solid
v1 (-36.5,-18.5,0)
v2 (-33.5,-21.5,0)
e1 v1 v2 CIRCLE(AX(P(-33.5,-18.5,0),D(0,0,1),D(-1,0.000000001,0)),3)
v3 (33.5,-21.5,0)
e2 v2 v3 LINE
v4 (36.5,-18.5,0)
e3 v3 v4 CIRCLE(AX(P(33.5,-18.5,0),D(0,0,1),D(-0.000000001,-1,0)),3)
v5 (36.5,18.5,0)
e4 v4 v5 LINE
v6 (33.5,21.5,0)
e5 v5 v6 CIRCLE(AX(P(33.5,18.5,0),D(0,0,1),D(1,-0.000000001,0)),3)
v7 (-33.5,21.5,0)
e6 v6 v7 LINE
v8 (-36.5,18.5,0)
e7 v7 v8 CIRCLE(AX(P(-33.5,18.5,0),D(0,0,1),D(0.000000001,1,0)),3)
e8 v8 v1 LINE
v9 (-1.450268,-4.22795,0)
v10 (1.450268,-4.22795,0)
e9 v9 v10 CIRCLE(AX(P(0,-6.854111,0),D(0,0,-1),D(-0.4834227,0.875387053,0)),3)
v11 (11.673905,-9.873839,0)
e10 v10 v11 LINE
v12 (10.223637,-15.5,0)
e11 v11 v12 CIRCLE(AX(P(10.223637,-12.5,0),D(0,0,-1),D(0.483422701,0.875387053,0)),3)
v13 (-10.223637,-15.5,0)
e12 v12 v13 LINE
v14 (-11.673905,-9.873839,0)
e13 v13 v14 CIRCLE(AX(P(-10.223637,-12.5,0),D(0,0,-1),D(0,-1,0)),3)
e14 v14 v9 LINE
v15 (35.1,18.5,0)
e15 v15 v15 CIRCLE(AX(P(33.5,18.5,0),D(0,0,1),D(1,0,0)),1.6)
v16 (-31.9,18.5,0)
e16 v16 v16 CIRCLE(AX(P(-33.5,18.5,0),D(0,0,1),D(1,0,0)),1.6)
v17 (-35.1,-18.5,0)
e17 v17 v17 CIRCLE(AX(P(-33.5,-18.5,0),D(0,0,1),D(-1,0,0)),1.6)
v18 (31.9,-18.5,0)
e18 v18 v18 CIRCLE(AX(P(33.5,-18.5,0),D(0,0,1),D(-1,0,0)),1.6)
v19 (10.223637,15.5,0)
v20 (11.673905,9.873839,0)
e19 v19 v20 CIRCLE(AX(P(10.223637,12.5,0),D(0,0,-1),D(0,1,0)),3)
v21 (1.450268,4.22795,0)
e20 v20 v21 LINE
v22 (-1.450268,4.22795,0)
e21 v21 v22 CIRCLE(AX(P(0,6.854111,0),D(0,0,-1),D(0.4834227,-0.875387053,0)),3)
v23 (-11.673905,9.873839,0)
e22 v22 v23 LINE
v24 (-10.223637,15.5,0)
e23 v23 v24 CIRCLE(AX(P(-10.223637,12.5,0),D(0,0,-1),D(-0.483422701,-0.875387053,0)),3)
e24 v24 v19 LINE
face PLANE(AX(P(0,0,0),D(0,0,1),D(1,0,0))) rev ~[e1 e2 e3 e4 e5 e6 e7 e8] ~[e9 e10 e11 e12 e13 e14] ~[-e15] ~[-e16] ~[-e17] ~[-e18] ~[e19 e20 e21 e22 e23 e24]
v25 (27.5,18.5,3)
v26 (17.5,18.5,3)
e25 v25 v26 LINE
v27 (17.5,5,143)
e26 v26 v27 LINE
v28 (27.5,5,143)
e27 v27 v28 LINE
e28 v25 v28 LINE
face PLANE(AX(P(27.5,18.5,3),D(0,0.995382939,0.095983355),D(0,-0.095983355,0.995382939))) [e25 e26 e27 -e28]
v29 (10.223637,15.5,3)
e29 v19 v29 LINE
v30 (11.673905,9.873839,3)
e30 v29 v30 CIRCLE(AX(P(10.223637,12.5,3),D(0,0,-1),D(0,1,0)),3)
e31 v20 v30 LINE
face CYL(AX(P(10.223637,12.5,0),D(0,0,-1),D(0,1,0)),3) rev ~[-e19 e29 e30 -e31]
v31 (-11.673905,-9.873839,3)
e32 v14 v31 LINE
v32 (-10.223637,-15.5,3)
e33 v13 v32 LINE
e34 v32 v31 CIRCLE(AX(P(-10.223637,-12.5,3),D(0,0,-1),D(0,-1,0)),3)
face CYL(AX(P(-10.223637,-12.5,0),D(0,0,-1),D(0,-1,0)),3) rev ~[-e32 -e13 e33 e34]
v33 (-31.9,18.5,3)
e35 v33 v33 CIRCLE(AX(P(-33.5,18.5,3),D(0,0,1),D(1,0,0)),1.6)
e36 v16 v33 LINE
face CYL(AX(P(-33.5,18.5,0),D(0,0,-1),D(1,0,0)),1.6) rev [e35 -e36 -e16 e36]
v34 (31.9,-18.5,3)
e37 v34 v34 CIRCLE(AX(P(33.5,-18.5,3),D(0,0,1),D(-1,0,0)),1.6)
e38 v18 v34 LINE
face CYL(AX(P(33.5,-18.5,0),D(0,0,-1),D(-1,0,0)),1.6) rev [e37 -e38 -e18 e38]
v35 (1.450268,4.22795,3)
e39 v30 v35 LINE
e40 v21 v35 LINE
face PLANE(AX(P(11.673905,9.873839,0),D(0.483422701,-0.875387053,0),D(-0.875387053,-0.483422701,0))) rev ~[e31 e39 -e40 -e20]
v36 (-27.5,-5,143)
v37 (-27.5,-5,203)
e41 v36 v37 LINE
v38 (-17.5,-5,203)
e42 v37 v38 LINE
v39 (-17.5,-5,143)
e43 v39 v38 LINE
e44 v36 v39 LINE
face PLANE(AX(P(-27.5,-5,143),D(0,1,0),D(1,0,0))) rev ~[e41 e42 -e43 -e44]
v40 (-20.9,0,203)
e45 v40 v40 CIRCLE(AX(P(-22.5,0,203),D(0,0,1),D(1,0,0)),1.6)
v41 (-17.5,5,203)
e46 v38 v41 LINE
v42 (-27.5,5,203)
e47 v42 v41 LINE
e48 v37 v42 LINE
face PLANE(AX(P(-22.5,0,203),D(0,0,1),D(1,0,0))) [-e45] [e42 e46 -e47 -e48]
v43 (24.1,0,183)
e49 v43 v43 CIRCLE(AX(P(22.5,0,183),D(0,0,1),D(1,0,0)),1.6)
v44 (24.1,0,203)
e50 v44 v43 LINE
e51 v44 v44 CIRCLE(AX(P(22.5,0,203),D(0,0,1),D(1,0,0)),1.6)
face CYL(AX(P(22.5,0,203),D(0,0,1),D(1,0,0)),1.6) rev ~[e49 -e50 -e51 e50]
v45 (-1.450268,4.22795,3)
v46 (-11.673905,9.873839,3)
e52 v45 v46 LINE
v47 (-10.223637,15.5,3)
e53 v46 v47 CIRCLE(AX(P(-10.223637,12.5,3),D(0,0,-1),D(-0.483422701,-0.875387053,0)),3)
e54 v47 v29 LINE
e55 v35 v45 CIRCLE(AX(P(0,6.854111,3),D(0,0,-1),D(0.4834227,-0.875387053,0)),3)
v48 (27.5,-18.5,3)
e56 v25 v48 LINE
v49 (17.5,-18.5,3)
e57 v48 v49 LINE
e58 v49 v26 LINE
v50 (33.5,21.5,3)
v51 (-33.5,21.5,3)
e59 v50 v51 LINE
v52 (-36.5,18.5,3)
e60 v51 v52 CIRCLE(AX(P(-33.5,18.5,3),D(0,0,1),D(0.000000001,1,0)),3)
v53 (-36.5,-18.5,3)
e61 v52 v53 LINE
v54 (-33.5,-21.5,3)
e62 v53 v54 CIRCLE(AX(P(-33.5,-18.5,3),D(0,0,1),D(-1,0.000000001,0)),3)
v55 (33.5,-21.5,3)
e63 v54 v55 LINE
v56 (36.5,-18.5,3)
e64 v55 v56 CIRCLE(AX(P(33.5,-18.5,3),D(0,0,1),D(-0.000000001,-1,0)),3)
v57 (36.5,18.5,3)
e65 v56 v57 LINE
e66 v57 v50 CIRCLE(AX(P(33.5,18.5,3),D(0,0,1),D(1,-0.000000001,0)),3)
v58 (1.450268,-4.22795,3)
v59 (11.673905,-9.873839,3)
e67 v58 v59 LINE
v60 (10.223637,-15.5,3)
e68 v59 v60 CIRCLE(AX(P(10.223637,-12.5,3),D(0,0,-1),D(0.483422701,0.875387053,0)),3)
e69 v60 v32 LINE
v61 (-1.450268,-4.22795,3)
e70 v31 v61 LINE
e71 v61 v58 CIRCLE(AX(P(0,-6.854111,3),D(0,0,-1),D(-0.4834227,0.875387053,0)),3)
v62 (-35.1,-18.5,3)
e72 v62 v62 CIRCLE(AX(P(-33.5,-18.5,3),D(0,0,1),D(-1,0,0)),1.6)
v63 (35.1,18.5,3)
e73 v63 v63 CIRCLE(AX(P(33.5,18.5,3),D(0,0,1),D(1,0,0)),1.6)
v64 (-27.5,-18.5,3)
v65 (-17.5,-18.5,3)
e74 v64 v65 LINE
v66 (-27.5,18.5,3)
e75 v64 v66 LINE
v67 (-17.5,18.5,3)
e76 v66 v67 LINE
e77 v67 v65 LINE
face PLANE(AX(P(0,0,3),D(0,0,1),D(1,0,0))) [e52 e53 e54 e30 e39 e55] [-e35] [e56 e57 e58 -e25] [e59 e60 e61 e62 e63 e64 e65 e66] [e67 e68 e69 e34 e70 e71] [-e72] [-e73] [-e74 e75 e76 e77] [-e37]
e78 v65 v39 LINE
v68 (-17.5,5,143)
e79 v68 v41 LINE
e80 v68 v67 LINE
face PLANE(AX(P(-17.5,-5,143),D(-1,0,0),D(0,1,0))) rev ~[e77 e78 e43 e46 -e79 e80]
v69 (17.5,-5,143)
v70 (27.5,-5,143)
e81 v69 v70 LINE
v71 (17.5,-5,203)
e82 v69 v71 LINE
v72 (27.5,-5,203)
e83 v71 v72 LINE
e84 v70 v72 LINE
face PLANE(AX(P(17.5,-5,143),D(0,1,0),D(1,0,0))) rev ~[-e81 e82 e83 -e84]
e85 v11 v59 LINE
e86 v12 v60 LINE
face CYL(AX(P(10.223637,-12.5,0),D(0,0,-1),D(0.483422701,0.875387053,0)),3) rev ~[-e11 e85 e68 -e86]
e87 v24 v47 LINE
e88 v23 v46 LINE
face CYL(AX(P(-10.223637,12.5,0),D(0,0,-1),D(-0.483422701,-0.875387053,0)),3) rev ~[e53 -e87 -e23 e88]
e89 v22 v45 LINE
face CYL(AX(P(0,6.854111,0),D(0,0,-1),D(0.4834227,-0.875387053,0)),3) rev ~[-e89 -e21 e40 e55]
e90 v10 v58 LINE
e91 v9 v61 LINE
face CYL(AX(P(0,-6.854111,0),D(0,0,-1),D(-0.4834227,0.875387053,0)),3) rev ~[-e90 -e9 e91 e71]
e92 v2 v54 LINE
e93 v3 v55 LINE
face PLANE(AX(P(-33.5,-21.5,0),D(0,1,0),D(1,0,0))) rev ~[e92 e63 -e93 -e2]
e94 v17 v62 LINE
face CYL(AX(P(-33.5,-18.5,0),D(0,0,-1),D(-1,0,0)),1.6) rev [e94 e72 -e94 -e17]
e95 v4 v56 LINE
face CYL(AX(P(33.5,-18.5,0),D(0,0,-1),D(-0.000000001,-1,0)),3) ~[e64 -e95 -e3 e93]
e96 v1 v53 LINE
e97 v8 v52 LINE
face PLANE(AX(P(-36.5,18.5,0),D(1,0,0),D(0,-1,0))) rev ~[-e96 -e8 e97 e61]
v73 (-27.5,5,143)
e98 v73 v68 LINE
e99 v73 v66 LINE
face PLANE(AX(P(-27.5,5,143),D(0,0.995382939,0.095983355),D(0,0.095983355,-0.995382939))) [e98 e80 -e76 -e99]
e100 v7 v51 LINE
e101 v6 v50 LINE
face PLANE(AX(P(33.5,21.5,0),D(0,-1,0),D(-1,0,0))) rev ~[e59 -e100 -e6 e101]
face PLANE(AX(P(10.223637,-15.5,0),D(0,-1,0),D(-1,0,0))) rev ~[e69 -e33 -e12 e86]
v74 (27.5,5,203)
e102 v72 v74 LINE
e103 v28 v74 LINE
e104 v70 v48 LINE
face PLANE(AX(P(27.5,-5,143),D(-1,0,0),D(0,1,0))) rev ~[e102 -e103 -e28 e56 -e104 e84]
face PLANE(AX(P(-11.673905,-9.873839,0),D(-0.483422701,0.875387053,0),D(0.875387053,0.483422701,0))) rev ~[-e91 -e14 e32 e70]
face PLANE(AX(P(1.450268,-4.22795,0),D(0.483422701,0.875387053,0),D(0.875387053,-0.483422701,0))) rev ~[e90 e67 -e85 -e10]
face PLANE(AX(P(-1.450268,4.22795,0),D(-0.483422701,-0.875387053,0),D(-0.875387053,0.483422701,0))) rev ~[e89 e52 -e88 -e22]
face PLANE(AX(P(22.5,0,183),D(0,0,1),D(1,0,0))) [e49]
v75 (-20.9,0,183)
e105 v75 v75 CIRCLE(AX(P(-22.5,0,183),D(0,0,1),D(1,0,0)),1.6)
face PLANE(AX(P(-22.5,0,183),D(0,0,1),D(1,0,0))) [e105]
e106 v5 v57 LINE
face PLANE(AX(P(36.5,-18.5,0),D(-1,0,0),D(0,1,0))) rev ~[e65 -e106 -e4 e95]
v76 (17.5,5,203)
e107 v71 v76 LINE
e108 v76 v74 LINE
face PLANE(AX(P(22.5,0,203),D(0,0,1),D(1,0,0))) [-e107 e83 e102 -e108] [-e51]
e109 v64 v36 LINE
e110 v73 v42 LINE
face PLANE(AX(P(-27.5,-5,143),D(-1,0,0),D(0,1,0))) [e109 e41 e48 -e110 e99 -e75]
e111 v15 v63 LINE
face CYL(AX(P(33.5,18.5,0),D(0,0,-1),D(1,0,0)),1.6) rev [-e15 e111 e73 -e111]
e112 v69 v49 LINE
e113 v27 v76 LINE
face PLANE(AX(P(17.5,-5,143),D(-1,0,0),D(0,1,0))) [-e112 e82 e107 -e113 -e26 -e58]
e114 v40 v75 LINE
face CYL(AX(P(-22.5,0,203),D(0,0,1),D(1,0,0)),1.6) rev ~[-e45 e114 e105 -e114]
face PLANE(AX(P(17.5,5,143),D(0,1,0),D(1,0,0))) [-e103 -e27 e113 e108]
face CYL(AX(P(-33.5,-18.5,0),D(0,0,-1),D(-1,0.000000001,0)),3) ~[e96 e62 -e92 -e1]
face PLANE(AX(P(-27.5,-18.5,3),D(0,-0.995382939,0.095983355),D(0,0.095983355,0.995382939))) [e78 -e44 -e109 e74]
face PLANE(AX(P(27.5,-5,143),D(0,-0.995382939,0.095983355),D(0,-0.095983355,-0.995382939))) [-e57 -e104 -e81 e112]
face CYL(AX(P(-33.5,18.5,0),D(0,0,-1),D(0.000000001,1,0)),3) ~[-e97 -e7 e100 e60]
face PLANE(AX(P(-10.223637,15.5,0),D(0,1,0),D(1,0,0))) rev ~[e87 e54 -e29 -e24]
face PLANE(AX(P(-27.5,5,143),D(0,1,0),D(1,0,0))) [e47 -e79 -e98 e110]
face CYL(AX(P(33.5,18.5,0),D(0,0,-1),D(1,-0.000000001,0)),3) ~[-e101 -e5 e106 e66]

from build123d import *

# Parameters (mm, degrees)
SKETCH_1_R          = 1.6
EXTRUDE_1_DEPTH     = 3
SKETCH_2_W          = 10
SKETCH_2_H          = 10
EXTRUDE_3_DEPTH     = 140
EXTRUDE_4_DEPTH     = 10
EXTRUDE_5_DEPTH     = 10
EXTRUDE_6_DEPTH     = 10
SKETCH_9_W          = 10
SKETCH_9_H          = 10
EXTRUDE_7_DEPTH     = 60
SKETCH_10_W         = 10
SKETCH_10_H         = 10
EXTRUDE_8_DEPTH     = 60
SKETCH_11_R         = 1.6
CUT_EXTRUDE_3_DEPTH = 20
SKETCH_12_R         = 1.6
CUT_EXTRUDE_4_DEPTH = 20


with BuildPart() as part:
    # 草图1 → 凸台-拉伸1 (new body)
    with BuildSketch(Plane.XY):
        with BuildLine():
            Line((33.5, 21.5), (-33.5, 21.5))
            ThreePointArc((-33.5, 21.5), (-35.621320344, 20.621320344), (-36.5, 18.5))
            Line((-36.5, 18.5), (-36.5, -18.5))
            ThreePointArc((-36.5, -18.5), (-35.621320344, -20.621320344), (-33.5, -21.5))
            Line((-33.5, -21.5), (33.5, -21.5))
            ThreePointArc((33.5, -21.5), (35.621320344, -20.621320344), (36.5, -18.5))
            Line((36.5, -18.5), (36.5, 18.5))
            ThreePointArc((36.5, 18.5), (35.621320344, 20.621320344), (33.5, 21.5))
        make_face()
        with Locations((33.5, 18.5)):
            Circle(SKETCH_1_R, mode=Mode.SUBTRACT)
        with Locations((-33.5, 18.5)):
            Circle(SKETCH_1_R, mode=Mode.SUBTRACT)
        with Locations(Location((33.5, -18.5, 0), (0, 0, 180))):
            Circle(SKETCH_1_R, mode=Mode.SUBTRACT)
        with Locations(Location((-33.5, -18.5, 0), (0, 0, 180))):
            Circle(SKETCH_1_R, mode=Mode.SUBTRACT)
        with BuildLine():
            Line((1.450268103, -4.227949809), (11.673904999, -9.873838841))
            ThreePointArc((11.673904999, -9.873838841), (13.1286742, -13.248837941), (10.223636896, -15.5))
            Line((10.223636896, -15.5), (-10.223636896, -15.5))
            ThreePointArc((-10.223636896, -15.5), (-13.1286742, -13.248837941), (-11.673904999, -9.873838841))
            Line((-11.673904999, -9.873838841), (-1.450268103, -4.227949809))
            ThreePointArc((-1.450268103, -4.227949809), (0, -3.854110968), (1.450268103, -4.227949809))
        make_face(mode=Mode.SUBTRACT)
        with BuildLine():
            Line((11.673904999, 9.873838841), (1.450268103, 4.227949809))
            ThreePointArc((1.450268103, 4.227949809), (0, 3.854110968), (-1.450268103, 4.227949809))
            Line((-1.450268103, 4.227949809), (-11.673904999, 9.873838841))
            ThreePointArc((-11.673904999, 9.873838841), (-13.1286742, 13.248837941), (-10.223636896, 15.5))
            Line((-10.223636896, 15.5), (10.223636896, 15.5))
            ThreePointArc((10.223636896, 15.5), (13.1286742, 13.248837941), (11.673904999, 9.873838841))
        make_face(mode=Mode.SUBTRACT)
    extrude(amount=EXTRUDE_1_DEPTH)

    # 草图2 → 凸台-拉伸3 (add)
    with BuildSketch(Plane.XY.offset(3)):
        with Locations((-22.5, 0)):
            Rectangle(SKETCH_2_W, SKETCH_2_H)
        with Locations((22.5, 0)):
            Rectangle(SKETCH_2_W, SKETCH_2_H)
    extrude(amount=EXTRUDE_3_DEPTH)

    # 草图5 → 凸台-拉伸4 (add)
    with BuildSketch(Plane.ZY.offset(27.5)):
        Polygon((3, 18.5), (3, 5), (143, 5), align=None)
    extrude(amount=-EXTRUDE_4_DEPTH)

    # 草图6 → 凸台-拉伸5 (add)
    with BuildSketch(Plane.ZY.offset(27.5)):
        Polygon((3, -5), (3, -18.5), (143, -5), align=None)
    extrude(amount=-EXTRUDE_5_DEPTH)

    # 草图7 → 凸台-拉伸6 (add)
    with BuildSketch(Plane(origin=(27.5, 0, 0), x_dir=(0, 0, -1), z_dir=(1, 0, 0))):
        Polygon((-143, 5), (-3, 5), (-3, 18.5), align=None)
        Polygon((-143, -5), (-3, -18.5), (-3, -5), align=None)
    extrude(amount=-EXTRUDE_6_DEPTH)

    # 草图9 → 凸台-拉伸7 (add)
    with BuildSketch(Plane.XY.offset(143)):
        with Locations((-22.5, 0)):
            Rectangle(SKETCH_9_W, SKETCH_9_H)
    extrude(amount=EXTRUDE_7_DEPTH)

    # 草图10 → 凸台-拉伸8 (add)
    with BuildSketch(Plane.XY.offset(143)):
        with Locations((22.5, 0)):
            Rectangle(SKETCH_10_W, SKETCH_10_H)
    extrude(amount=EXTRUDE_8_DEPTH)

    # 草图11 → 切除-拉伸3 (cut)
    with BuildSketch(Plane.XY.offset(203)):
        with Locations((-22.5, 0)):
            Circle(SKETCH_11_R)
    extrude(amount=-CUT_EXTRUDE_3_DEPTH, mode=Mode.SUBTRACT)

    # 草图12 → 切除-拉伸4 (cut)
    with BuildSketch(Plane.XY.offset(203)):
        with Locations((22.5, 0)):
            Circle(SKETCH_12_R)
    extrude(amount=-CUT_EXTRUDE_4_DEPTH, mode=Mode.SUBTRACT)


solid = part.part
